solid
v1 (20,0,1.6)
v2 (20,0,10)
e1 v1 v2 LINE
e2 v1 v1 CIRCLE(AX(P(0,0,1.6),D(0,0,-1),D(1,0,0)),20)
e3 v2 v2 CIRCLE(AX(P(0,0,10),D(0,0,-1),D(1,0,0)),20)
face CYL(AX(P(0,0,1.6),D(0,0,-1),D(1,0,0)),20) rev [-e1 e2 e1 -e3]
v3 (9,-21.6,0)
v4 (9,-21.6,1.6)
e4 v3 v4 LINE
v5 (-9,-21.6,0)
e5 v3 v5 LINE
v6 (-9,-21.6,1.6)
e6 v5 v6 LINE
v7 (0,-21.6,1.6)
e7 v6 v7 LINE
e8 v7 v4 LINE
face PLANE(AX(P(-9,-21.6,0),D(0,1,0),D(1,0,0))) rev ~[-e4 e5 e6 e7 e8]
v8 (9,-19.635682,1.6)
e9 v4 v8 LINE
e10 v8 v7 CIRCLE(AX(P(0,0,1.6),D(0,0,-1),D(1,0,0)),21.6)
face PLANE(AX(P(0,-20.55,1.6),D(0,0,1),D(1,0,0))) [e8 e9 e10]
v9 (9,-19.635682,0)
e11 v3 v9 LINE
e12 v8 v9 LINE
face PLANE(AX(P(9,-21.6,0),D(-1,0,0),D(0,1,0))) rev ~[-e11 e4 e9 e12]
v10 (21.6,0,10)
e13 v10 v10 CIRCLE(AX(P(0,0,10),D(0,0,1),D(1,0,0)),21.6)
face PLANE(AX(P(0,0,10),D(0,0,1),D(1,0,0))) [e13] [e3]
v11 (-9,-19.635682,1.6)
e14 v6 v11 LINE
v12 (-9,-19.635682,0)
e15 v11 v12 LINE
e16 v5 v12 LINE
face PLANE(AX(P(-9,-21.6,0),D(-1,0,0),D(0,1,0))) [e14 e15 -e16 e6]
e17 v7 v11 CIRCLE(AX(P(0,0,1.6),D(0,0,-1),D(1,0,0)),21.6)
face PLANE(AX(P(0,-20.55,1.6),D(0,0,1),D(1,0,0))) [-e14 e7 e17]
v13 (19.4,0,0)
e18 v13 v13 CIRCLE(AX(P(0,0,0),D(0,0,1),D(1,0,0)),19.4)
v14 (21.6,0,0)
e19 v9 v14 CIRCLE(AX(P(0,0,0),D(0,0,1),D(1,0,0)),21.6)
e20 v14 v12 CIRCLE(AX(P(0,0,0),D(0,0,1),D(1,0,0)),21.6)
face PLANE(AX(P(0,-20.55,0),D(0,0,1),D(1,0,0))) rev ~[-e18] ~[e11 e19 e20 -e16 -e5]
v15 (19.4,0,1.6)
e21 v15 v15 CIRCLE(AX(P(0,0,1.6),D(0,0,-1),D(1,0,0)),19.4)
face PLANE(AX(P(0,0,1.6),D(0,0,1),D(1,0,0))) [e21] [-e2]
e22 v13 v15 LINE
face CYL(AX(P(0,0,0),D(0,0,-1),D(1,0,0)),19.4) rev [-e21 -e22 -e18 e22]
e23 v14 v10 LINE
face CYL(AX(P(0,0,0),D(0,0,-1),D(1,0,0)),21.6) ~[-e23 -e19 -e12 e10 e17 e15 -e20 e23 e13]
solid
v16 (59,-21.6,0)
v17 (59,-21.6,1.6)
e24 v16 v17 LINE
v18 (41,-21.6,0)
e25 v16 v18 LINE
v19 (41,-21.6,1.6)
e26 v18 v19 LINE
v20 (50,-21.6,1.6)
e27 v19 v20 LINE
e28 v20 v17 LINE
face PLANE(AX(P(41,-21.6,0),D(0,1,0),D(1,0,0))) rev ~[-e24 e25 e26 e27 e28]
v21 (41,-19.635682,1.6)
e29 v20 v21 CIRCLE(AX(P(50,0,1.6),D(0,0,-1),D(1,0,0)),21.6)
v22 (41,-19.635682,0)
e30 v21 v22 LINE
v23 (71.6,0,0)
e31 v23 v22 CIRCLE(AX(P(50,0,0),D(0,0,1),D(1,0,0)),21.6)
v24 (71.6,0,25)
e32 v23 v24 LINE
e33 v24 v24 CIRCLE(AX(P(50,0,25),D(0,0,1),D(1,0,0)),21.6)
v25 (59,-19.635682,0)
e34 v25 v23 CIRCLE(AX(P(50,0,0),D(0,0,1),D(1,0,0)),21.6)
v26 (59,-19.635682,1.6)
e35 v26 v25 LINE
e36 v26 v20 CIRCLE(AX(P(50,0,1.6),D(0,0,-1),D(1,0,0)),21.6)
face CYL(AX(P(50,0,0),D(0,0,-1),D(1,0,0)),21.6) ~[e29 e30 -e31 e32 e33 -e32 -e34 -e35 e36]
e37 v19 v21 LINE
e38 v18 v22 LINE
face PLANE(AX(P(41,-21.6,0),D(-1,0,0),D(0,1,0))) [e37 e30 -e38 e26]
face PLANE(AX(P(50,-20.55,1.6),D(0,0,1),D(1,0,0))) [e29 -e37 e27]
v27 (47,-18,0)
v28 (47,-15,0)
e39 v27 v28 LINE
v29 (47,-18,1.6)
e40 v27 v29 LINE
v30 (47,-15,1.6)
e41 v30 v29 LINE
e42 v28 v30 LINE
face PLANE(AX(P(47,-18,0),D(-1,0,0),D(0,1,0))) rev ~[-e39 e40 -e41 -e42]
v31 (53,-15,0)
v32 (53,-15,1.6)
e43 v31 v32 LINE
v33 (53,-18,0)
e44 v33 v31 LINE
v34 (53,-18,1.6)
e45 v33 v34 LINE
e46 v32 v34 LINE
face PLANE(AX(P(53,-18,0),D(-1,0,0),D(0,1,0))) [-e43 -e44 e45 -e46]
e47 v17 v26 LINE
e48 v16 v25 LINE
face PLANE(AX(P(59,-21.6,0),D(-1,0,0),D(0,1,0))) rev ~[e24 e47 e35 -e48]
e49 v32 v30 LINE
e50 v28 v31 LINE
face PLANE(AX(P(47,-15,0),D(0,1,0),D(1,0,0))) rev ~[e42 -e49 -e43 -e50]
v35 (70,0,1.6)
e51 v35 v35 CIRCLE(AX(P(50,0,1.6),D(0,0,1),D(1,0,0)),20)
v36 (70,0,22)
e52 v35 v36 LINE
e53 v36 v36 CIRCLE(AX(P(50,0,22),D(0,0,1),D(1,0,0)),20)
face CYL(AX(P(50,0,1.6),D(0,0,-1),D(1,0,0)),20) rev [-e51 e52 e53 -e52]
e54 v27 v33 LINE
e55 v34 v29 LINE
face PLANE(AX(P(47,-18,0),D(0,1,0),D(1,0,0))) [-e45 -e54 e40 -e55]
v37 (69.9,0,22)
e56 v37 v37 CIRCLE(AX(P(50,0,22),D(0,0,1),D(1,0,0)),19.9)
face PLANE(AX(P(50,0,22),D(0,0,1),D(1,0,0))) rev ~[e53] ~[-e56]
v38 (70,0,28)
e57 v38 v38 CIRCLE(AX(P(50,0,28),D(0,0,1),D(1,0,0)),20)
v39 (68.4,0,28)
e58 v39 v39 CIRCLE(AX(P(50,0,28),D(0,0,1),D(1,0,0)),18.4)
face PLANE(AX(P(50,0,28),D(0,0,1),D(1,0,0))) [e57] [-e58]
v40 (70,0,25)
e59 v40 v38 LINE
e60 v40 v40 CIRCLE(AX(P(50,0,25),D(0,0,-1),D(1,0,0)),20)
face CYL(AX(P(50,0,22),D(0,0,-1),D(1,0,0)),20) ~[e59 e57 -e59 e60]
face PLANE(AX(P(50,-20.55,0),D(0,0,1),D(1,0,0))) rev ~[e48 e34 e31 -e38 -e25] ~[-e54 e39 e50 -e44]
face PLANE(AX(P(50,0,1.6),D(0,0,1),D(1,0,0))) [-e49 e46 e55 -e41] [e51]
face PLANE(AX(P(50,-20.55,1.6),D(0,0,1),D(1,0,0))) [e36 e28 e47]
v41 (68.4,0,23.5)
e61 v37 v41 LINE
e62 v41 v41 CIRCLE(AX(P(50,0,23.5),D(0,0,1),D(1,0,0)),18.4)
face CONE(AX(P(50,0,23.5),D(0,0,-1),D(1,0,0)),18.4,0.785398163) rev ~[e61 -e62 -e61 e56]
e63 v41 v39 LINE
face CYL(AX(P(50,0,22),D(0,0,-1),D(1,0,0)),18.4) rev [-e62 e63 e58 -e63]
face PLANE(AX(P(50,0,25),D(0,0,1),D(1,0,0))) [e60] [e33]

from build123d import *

# Parameters (mm, degrees)
CYLINDER006_R     = 18.4
CYLINDER006_DEPTH = 6
CYLINDER005_R     = 20
CYLINDER005_DEPTH = 6
CHAMFER_SIZE      = 1.5
BOX001_W          = 18
BOX001_H          = 2.1
BOX001_DEPTH      = 1.6
BOX002_W          = 6
BOX002_H          = 3
BOX002_DEPTH      = 10
CYLINDER004_R     = 20
CYLINDER004_DEPTH = 25
CYLINDER003_R     = 21.6
CYLINDER003_DEPTH = 25
BOX_W             = 18
BOX_H             = 2.1
BOX_DEPTH         = 1.6
CYLINDER_R        = 19.4
CYLINDER_DEPTH    = 10
CYLINDER002_R     = 20
CYLINDER002_DEPTH = 10
CYLINDER001_R     = 21.6
CYLINDER001_DEPTH = 10


with BuildPart() as zylinder006:
    # Cylinder006 → Cylinder006 (new body)
    with BuildSketch(Plane(origin=(100, 0, 0), x_dir=(1, 0, 0), z_dir=(0, 0, 1))):
        Circle(CYLINDER006_R)
    extrude(amount=CYLINDER006_DEPTH)


with BuildPart() as chamfer_body:
    # Cylinder005 → Cylinder005 (new body)
    with BuildSketch(Plane(origin=(100, 0, 0), x_dir=(1, 0, 0), z_dir=(0, 0, 1))):
        Circle(CYLINDER005_R)
    extrude(amount=CYLINDER005_DEPTH)

    # Cut004: cut Zylinder006
    add(zylinder006.part, mode=Mode.SUBTRACT)

    # Chamfer
    chamfer_edges = [chamfer_body.edges().sort_by_distance(p)[0] for p in [
        (81.6, 0, 0),
    ]]
    chamfer(chamfer_edges, length=CHAMFER_SIZE)


with BuildPart() as chamfer_body_1:
    # Chamfer placement: moved
    add(chamfer_body.part.moved(Location((-50, 0, 22))))


with BuildPart() as w_rfel001:
    # Box001 → Box001 (new body)
    with BuildSketch(Plane(origin=(41, -21.6, 0), x_dir=(1, 0, 0), z_dir=(0, 0, 1))):
        with Locations((9, 1.05)):
            Rectangle(BOX001_W, BOX001_H)
    extrude(amount=BOX001_DEPTH)


with BuildPart() as w_rfel002:
    # Box002 → Box002 (new body)
    with BuildSketch(Plane(origin=(47, -18, 0), x_dir=(1, 0, 0), z_dir=(0, 0, 1))):
        with Locations((3, 1.5)):
            Rectangle(BOX002_W, BOX002_H)
    extrude(amount=BOX002_DEPTH)


with BuildPart() as zylinder004:
    # Cylinder004 → Cylinder004 (new body)
    with BuildSketch(Plane(origin=(50, 0, 1.6), x_dir=(1, 0, 0), z_dir=(0, 0, 1))):
        Circle(CYLINDER004_R)
    extrude(amount=CYLINDER004_DEPTH)


with BuildPart() as fusion001:
    # Cylinder003 → Cylinder003 (new body)
    with BuildSketch(Plane(origin=(50, 0, 0), x_dir=(1, 0, 0), z_dir=(0, 0, 1))):
        Circle(CYLINDER003_R)
    extrude(amount=CYLINDER003_DEPTH)

    # Cut002: cut Zylinder004
    add(zylinder004.part, mode=Mode.SUBTRACT)

    # Cut003: cut Würfel002
    add(w_rfel002.part, mode=Mode.SUBTRACT)

    # Fusion001: union Chamfer body, Würfel001
    add(chamfer_body_1.part)
    add(w_rfel001.part)


with BuildPart() as w_rfel:
    # Box → Box (new body)
    with BuildSketch(Plane(origin=(-9, -21.6, 0), x_dir=(1, 0, 0), z_dir=(0, 0, 1))):
        with Locations((9, 1.05)):
            Rectangle(BOX_W, BOX_H)
    extrude(amount=BOX_DEPTH)


with BuildPart() as zylinder:
    # Cylinder → Cylinder (new body)
    with BuildSketch(Plane.XY):
        Circle(CYLINDER_R)
    extrude(amount=CYLINDER_DEPTH)


with BuildPart() as zylinder002:
    # Cylinder002 → Cylinder002 (new body)
    with BuildSketch(Plane.XY.offset(1.6)):
        Circle(CYLINDER002_R)
    extrude(amount=CYLINDER002_DEPTH)


with BuildPart() as fusion002:
    # Cylinder001 → Cylinder001 (new body)
    with BuildSketch(Plane.XY):
        Circle(CYLINDER001_R)
    extrude(amount=CYLINDER001_DEPTH)

    # Cut: cut Zylinder002
    add(zylinder002.part, mode=Mode.SUBTRACT)

    # Cut001: cut Zylinder
    add(zylinder.part, mode=Mode.SUBTRACT)

    # Fusion: union Würfel
    add(w_rfel.part)

    # Fusion002: union Fusion001
    add(fusion001.part)


solid = fusion002.part
